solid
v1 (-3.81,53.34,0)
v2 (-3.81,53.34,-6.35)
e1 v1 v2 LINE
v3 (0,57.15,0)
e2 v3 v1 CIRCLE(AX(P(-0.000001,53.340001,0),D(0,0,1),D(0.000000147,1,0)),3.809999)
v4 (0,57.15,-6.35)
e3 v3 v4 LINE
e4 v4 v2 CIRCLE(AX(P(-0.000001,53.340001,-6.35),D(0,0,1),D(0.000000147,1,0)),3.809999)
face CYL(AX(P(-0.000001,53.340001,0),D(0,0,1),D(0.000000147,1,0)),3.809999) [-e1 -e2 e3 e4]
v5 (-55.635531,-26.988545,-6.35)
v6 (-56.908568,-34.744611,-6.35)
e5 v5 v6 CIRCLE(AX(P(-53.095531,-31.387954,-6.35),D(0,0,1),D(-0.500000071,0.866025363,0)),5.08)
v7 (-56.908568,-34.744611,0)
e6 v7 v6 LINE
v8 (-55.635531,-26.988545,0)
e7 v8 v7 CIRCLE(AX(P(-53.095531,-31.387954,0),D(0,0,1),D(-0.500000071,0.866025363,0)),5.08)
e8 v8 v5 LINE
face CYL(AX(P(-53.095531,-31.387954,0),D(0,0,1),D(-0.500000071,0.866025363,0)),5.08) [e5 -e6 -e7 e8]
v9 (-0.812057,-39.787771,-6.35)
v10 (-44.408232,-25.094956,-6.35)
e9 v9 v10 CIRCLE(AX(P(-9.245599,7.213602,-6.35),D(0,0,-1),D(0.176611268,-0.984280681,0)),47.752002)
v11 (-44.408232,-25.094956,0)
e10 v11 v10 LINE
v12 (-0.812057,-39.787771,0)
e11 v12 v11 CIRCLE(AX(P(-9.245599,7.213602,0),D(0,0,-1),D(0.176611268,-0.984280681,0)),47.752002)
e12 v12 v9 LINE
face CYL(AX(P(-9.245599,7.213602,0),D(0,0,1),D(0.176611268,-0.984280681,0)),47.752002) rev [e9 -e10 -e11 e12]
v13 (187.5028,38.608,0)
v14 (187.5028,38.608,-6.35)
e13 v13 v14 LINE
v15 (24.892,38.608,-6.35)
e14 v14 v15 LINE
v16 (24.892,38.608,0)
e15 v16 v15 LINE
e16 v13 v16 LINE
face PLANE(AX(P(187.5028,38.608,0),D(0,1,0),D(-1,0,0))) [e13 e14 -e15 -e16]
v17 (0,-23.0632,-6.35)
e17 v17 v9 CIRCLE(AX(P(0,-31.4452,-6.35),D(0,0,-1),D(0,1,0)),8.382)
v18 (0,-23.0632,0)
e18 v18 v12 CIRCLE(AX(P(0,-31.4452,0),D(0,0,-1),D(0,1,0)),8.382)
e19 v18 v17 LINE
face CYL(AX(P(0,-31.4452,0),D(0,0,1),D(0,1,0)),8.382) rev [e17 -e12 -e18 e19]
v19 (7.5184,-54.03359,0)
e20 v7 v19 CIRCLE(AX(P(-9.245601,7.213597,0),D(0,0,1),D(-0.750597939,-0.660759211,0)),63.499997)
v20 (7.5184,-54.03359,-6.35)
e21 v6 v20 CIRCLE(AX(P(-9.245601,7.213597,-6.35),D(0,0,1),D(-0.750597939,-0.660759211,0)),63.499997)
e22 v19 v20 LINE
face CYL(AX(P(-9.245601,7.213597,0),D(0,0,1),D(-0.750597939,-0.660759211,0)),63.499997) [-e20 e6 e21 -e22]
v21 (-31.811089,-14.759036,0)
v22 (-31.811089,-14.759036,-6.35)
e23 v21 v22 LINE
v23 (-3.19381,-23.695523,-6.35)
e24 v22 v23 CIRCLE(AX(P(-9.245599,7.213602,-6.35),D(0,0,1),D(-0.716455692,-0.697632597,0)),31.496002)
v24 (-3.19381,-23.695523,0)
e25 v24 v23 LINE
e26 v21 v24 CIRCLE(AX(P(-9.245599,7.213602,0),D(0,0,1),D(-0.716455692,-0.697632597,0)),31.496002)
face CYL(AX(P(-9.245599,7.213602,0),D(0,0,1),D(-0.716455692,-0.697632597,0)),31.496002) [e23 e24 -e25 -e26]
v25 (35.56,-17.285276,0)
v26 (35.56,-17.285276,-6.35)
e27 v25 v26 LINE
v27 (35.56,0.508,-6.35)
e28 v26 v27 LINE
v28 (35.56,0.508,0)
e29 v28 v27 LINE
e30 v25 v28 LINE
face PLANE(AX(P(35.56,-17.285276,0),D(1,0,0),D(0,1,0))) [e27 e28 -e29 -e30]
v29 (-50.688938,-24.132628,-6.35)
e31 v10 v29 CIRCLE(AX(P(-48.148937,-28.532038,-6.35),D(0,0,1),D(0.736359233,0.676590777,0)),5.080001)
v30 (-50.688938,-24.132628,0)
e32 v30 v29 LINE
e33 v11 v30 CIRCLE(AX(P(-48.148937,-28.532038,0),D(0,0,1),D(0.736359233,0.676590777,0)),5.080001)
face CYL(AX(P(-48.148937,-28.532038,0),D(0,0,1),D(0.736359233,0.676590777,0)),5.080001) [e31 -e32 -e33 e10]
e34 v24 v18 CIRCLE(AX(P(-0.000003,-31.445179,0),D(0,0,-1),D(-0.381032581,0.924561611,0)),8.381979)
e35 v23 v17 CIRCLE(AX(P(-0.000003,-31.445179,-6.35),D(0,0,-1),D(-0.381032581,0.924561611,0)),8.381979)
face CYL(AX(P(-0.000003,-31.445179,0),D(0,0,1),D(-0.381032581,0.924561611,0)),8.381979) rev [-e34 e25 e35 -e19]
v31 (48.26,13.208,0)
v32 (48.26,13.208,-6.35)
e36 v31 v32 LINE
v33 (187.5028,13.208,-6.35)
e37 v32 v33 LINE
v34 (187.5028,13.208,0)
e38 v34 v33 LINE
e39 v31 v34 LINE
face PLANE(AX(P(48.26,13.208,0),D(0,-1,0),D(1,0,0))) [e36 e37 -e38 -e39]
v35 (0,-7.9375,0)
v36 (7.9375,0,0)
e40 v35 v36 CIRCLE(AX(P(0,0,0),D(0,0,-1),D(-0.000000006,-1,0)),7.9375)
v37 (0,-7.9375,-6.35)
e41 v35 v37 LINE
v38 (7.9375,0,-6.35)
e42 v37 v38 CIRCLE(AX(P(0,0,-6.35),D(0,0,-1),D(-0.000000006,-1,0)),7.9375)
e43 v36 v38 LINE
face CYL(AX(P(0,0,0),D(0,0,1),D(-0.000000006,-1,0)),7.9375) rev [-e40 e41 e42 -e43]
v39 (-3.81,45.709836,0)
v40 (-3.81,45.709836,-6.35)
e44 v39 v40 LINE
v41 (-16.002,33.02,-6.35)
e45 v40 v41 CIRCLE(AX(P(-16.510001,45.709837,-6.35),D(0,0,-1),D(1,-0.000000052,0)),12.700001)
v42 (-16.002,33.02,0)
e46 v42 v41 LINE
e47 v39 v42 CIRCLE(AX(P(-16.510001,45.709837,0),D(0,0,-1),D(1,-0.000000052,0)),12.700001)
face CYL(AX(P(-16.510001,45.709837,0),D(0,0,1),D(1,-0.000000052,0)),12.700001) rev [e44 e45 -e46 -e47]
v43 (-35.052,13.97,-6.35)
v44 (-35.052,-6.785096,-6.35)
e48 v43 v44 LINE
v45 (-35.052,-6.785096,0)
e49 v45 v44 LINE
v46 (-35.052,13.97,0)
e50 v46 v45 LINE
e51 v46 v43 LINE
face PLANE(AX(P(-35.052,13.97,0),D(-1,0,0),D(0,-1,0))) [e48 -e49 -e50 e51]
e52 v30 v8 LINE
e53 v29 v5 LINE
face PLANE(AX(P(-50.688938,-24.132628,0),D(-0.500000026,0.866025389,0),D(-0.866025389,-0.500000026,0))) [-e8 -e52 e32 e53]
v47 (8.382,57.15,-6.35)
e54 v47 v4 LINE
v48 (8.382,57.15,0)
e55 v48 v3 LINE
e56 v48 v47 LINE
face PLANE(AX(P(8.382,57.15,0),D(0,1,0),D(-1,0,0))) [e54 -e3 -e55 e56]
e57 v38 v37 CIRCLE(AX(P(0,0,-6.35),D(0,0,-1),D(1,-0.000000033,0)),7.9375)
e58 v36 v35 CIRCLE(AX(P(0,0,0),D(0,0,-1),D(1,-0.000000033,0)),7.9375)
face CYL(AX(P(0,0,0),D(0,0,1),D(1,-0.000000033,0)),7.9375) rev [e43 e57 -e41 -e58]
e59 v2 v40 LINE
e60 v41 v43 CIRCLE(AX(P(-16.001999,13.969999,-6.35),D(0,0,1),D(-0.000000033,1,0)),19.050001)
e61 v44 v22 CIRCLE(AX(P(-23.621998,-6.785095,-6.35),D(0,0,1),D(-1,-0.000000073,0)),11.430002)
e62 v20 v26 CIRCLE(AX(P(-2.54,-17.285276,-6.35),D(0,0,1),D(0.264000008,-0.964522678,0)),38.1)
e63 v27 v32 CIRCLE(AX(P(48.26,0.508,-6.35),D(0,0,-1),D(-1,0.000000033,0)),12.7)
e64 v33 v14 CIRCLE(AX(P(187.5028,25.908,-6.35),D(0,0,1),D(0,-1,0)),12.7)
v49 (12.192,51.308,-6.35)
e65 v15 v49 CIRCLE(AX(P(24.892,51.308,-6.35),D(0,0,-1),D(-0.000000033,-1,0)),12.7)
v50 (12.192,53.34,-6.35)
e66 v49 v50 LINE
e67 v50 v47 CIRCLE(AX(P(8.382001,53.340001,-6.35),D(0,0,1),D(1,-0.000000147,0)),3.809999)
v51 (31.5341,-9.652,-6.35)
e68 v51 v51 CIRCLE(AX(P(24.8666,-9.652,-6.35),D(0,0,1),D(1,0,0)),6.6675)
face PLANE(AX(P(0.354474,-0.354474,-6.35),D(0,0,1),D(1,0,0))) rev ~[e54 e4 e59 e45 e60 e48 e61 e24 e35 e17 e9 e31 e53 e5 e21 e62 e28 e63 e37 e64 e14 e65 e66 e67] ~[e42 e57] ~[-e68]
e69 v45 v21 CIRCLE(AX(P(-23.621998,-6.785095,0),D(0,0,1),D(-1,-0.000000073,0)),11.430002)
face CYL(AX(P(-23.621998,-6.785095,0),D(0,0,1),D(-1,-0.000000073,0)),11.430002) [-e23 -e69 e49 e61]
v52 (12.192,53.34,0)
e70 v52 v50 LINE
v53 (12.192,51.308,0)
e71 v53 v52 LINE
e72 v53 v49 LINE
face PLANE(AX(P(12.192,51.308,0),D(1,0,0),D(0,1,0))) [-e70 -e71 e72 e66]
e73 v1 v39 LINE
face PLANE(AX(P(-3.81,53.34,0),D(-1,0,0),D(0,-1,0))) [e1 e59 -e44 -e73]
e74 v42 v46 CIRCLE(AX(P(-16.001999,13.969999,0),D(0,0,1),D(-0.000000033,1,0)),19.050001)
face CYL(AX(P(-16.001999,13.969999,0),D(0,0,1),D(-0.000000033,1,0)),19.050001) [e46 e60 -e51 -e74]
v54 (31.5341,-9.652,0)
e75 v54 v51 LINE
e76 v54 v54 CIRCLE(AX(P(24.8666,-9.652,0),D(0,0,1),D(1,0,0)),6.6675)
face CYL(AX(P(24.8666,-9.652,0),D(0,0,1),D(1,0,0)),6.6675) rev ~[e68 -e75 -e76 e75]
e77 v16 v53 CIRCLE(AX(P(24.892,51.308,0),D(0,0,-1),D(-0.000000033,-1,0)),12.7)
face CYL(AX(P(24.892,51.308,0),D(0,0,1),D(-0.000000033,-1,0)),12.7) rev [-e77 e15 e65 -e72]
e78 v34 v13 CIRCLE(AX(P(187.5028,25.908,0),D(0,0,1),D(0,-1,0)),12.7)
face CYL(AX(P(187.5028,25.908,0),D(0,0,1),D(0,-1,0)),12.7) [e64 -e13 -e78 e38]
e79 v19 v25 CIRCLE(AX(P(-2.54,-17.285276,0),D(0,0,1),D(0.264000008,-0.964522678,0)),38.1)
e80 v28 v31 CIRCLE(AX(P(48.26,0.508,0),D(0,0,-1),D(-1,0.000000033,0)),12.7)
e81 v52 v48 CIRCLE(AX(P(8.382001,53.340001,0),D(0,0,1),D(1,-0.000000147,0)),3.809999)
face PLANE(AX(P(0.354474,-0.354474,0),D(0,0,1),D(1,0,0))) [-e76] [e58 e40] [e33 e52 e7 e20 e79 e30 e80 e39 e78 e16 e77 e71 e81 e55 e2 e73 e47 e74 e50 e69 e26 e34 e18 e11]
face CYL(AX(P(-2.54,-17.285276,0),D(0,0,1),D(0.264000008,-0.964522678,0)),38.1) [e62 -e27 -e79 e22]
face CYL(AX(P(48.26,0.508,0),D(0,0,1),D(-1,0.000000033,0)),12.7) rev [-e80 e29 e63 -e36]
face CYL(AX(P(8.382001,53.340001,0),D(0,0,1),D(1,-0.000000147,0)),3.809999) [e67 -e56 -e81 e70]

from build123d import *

# Parameters (mm, degrees)
F0_R     = 6.6675
F1_DEPTH = 6.35


with BuildPart() as f1:
    # F0 (on Top) → F1 (new body)
    with BuildSketch(Plane.XY):
        with BuildLine():
            ThreePointArc((0, -7.9375), (5.61266, -5.61266), (7.9375, 0))
            ThreePointArc((7.9375, 0), (-5.61266, 5.61266), (0, -7.9375))
        make_face()
        with BuildLine():
            ThreePointArc((-3.19381, -23.695523), (-1.627902, -23.2228), (0, -23.0632))
            ThreePointArc((0, -23.0632), (8.372137, -31.851707), (-0.812057, -39.787771))
            ThreePointArc((-0.812057, -39.787771), (-24.496198, -38.037618), (-44.408232, -25.094956))
            ThreePointArc((-44.408232, -25.094956), (-47.379559, -23.510637), (-50.688938, -24.132628))
            Line((-50.688938, -24.132628), (-55.635531, -26.988545))
            ThreePointArc((-55.635531, -26.988545), (-58.108455, -30.56516), (-56.908568, -34.744611))
            ThreePointArc((-56.908568, -34.744611), (-27.458308, -53.618524), (7.5184, -54.03359))
            ThreePointArc((7.5184, -54.03359), (27.748901, -40.39788), (35.56, -17.285276))
            Line((35.56, -17.285276), (35.56, 0))
            Line((35.56, 0), (35.56, 0.508))
            ThreePointArc((35.56, 0.508), (39.279744, 9.488256), (48.26, 13.208))
            Line((48.26, 13.208), (187.5028, 13.208))
            ThreePointArc((187.5028, 13.208), (200.2028, 25.908), (187.5028, 38.608))
            Line((187.5028, 38.608), (24.892, 38.608))
            ThreePointArc((24.892, 38.608), (15.911744, 42.327744), (12.192, 51.308))
            Line((12.192, 51.308), (12.192, 53.34))
            ThreePointArc((12.192, 53.34), (11.076077, 56.034077), (8.382, 57.15))
            Line((8.382, 57.15), (0, 57.15))
            ThreePointArc((0, 57.15), (-2.694077, 56.034077), (-3.81, 53.34))
            Line((-3.81, 53.34), (-3.81, 45.709836))
            ThreePointArc((-3.81, 45.709836), (-7.3519, 36.911018), (-16.002, 33.02))
            ThreePointArc((-16.002, 33.02), (-29.472384, 27.440384), (-35.052, 13.97))
            Line((-35.052, 13.97), (-35.052, -6.785096))
            ThreePointArc((-35.052, -6.785096), (-34.210819, -11.088793), (-31.811089, -14.759036))
            ThreePointArc((-31.811089, -14.759036), (-18.633931, -22.850619), (-3.19381, -23.695523))
        make_face()
        with BuildLine():
            ThreePointArc((0, -7.9375), (-5.61266, 5.61266), (7.9375, 0))
            ThreePointArc((7.9375, 0), (5.61266, -5.61266), (0, -7.9375))
        make_face(mode=Mode.SUBTRACT)
        with Locations((24.8666, -9.652)):
            Circle(F0_R, mode=Mode.SUBTRACT)
    extrude(amount=-F1_DEPTH)


solid = f1.part
